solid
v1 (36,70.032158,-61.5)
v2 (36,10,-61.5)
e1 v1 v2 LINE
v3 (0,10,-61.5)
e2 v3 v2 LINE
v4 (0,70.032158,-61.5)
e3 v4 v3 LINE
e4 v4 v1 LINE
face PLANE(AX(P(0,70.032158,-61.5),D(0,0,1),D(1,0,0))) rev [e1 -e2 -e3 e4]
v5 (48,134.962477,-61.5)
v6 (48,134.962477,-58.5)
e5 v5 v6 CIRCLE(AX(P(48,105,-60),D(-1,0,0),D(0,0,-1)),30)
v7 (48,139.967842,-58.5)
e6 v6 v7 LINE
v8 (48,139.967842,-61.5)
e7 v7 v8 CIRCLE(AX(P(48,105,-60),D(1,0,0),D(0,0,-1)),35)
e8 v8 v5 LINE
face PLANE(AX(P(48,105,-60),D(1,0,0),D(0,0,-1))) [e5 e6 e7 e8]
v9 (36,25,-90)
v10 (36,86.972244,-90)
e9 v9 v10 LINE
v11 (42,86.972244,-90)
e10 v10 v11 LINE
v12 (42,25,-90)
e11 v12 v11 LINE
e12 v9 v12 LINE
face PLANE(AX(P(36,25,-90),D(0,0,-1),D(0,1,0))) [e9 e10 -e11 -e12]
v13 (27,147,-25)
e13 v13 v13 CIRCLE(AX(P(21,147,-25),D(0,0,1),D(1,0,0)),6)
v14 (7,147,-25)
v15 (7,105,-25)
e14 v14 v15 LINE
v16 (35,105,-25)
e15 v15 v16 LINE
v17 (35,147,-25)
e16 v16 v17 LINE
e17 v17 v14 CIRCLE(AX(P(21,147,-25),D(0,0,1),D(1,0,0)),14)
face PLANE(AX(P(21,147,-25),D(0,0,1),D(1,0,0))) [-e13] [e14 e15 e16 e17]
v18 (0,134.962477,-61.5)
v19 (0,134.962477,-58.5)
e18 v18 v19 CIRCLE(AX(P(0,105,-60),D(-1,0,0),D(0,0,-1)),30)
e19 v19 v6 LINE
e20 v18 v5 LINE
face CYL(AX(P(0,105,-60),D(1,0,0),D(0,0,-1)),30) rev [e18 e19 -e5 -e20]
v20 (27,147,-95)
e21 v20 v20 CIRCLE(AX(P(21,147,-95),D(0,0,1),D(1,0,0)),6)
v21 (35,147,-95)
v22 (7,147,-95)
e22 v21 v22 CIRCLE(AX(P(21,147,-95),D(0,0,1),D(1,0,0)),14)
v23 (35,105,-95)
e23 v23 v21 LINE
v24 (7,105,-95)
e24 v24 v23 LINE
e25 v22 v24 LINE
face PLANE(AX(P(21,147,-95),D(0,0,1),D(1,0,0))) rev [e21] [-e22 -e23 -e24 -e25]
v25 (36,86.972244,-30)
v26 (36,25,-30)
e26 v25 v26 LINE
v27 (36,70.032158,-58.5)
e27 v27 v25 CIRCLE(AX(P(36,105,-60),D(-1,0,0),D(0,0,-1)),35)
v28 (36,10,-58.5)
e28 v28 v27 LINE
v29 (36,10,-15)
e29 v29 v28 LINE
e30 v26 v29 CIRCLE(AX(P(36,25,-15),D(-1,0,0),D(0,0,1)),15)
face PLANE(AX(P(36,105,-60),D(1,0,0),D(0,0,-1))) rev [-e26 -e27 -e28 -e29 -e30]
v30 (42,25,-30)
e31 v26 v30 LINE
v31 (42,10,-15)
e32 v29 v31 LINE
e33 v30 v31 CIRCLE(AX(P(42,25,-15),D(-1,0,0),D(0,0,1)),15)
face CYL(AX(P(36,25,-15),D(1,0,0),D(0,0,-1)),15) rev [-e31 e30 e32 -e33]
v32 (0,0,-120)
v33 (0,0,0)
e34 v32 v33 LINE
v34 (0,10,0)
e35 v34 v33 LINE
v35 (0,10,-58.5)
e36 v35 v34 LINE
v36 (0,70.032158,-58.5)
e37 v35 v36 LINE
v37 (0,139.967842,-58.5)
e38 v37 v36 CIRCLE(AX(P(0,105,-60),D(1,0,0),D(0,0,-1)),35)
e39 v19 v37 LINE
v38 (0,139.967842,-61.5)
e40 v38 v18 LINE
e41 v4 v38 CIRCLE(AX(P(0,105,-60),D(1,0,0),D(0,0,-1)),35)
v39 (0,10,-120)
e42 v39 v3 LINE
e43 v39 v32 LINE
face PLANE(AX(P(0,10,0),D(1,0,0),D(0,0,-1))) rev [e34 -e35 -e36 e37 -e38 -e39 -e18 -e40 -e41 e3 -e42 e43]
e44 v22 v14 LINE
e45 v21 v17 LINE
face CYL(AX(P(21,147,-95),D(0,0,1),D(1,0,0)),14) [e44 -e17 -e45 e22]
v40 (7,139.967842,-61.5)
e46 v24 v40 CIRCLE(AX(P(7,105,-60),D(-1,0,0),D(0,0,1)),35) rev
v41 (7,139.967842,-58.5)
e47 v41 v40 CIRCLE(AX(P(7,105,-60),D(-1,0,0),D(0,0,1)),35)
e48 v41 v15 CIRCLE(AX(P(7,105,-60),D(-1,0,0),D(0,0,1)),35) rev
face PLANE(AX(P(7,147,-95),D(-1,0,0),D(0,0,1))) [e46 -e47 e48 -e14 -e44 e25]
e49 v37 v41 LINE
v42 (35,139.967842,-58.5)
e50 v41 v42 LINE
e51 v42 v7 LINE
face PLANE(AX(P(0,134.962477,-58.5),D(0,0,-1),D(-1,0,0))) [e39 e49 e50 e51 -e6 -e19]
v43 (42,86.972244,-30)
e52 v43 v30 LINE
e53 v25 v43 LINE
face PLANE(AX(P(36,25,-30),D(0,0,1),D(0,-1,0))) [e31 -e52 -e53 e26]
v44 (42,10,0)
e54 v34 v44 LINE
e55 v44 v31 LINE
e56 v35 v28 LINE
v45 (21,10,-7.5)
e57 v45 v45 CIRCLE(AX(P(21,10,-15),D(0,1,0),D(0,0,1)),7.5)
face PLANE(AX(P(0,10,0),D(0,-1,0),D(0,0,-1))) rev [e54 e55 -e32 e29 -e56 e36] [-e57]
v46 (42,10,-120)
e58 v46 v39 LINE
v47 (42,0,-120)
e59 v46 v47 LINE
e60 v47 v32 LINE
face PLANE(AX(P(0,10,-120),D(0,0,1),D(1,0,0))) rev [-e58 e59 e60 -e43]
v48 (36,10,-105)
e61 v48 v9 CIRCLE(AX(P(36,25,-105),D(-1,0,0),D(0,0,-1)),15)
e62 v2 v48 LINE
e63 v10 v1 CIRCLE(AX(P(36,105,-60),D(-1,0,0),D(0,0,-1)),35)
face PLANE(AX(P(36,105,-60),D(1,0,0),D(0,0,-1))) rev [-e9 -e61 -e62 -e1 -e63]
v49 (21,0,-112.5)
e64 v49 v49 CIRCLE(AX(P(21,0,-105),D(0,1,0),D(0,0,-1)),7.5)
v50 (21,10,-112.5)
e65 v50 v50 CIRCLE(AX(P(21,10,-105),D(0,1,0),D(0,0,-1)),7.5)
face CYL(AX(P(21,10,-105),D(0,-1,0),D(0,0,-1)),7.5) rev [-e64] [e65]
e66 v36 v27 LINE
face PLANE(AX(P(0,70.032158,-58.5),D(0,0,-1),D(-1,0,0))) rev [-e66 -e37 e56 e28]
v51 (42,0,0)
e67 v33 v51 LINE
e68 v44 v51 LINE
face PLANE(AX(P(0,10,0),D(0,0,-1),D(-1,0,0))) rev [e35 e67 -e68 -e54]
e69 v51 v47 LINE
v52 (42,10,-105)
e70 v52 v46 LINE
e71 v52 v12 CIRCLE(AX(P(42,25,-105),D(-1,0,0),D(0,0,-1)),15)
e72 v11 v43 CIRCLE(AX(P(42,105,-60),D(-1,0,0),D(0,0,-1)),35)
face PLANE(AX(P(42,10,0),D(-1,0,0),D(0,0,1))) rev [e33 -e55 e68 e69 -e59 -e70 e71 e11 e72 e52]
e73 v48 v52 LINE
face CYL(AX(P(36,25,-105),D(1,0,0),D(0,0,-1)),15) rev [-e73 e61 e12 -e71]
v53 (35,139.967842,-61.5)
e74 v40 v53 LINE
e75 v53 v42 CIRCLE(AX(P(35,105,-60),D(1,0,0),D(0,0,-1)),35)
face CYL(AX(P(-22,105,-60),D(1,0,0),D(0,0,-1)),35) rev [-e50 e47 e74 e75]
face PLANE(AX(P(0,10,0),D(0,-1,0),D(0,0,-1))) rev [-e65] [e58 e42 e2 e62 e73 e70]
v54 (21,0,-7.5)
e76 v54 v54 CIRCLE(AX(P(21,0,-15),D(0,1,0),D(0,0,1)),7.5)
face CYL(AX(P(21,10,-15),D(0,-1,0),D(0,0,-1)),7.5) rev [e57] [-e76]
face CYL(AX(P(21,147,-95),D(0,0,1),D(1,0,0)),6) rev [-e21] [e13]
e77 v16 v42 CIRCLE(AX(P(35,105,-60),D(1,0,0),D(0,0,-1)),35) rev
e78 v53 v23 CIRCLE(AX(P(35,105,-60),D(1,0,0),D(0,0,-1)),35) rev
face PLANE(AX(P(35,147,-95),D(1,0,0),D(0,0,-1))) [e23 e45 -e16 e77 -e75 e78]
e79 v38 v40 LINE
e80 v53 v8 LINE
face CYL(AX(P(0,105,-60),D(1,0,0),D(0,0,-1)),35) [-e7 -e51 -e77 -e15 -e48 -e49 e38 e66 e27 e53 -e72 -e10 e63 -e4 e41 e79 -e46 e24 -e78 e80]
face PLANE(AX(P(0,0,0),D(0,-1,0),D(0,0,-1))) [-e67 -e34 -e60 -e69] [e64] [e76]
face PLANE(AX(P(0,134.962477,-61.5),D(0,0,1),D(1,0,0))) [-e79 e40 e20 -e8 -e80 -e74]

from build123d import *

# Parameters (mm, degrees)
SKETCH1_W                = 42
SKETCH1_H                = 120
SKETCH1_R                = 7.5
BOSS_EXTRUDE1_DEPTH      = 10
BOSS_EXTRUDE2_DEPTH      = 6
BOSS_EXTRUDE3_DEPTH      = 6
BOSS_EXTRUDE3_DEPTH_BACK = 42
BOSS_EXTRUDE4_START      = 36
BOSS_EXTRUDE4_DEPTH      = 36
BOSS_EXTRUDE7_START      = -25
SKETCH5_R                = 6
BOSS_EXTRUDE7_DEPTH      = 70
CUT_EXTRUDE1_START       = -70
CUT_EXTRUDE1_DEPTH       = 70


with BuildPart() as part:
    # Sketch1 → Boss-Extrude1 (new body)
    with BuildSketch(Plane(origin=(0, 0, 0), x_dir=(1, 0, 0), z_dir=(0, 1, 0))):
        with Locations((21, 60)):
            Rectangle(SKETCH1_W, SKETCH1_H)
        with Locations(Location((21, 15, 0), (0, 0, 270))):
            Circle(SKETCH1_R, mode=Mode.SUBTRACT)
        with Locations(Location((21, 105, 0), (0, 0, 90))):
            Circle(SKETCH1_R, mode=Mode.SUBTRACT)
    extrude(amount=BOSS_EXTRUDE1_DEPTH)

    # Sketch2 → Boss-Extrude2 (add)
    with BuildSketch(Plane(origin=(42, 0, 0), x_dir=(0, 0, -1), z_dir=(1, 0, 0))):
        with BuildLine():
            Line((90, 25), (90, 86.972243623))
            ThreePointArc((90, 86.972243623), (60, 70), (30, 86.972243623))
            Line((30, 86.972243623), (30, 25))
            ThreePointArc((30, 25), (25.606601718, 14.393398282), (15, 10))
            Line((15, 10), (105, 10))
            ThreePointArc((105, 10), (94.393398282, 14.393398282), (90, 25))
        make_face()
    extrude(amount=-BOSS_EXTRUDE2_DEPTH)

    # Sketch3 → Boss-Extrude3 (add, two sides: drawn at the far end of the back side and taken through both)
    with BuildSketch(Plane(origin=(42, 0, 0), x_dir=(0, 0, -1), z_dir=(1, 0, 0)).offset(-BOSS_EXTRUDE3_DEPTH_BACK)):
        with BuildLine():
            Line((61.5, 134.962476533), (61.5, 139.96784237))
            ThreePointArc((61.5, 139.96784237), (60, 70), (58.5, 139.96784237))
            Line((58.5, 139.96784237), (58.5, 134.962476533))
            ThreePointArc((58.5, 134.962476533), (60, 75), (61.5, 134.962476533))
        make_face()
    extrude(amount=BOSS_EXTRUDE3_DEPTH + BOSS_EXTRUDE3_DEPTH_BACK)

    # Sketch4 → Boss-Extrude4 (add)
    with BuildSketch(Plane.ZY.offset(-36).offset(BOSS_EXTRUDE4_START)):
        with BuildLine():
            Line((-61.5, 10), (-58.5, 10))
            Line((-58.5, 10), (-58.5, 70.03215763))
            ThreePointArc((-58.5, 70.03215763), (-60, 70), (-61.5, 70.03215763))
            Line((-61.5, 70.03215763), (-61.5, 10))
        make_face()
    extrude(amount=-BOSS_EXTRUDE4_DEPTH)

    # Sketch5 → Boss-Extrude7 (add)
    with BuildSketch(Plane.XY.offset(BOSS_EXTRUDE7_START)):
        with BuildLine():
            Line((7, 105), (35, 105))
            Line((35, 105), (35, 147))
            ThreePointArc((35, 147), (21, 161), (7, 147))
            Line((7, 147), (7, 105))
        make_face()
        with Locations((21, 147)):
            Circle(SKETCH5_R, mode=Mode.SUBTRACT)
    extrude(amount=-BOSS_EXTRUDE7_DEPTH)

    # Sketch6 → Cut-Extrude1 (cut)
    with BuildSketch(Plane(origin=(48, 0, 0), x_dir=(0, 0, -1), z_dir=(1, 0, 0)).offset(CUT_EXTRUDE1_START)):
        with BuildLine():
            Line((58.5, 139.96784237), (58.5, 134.962476533))
            ThreePointArc((58.5, 134.962476533), (60, 75), (61.5, 134.962476533))
            Line((61.5, 134.962476533), (61.5, 139.96784237))
            ThreePointArc((61.5, 139.96784237), (60, 140), (58.5, 139.96784237))
        make_face()
    extrude(amount=CUT_EXTRUDE1_DEPTH, mode=Mode.SUBTRACT)


solid = part.part
